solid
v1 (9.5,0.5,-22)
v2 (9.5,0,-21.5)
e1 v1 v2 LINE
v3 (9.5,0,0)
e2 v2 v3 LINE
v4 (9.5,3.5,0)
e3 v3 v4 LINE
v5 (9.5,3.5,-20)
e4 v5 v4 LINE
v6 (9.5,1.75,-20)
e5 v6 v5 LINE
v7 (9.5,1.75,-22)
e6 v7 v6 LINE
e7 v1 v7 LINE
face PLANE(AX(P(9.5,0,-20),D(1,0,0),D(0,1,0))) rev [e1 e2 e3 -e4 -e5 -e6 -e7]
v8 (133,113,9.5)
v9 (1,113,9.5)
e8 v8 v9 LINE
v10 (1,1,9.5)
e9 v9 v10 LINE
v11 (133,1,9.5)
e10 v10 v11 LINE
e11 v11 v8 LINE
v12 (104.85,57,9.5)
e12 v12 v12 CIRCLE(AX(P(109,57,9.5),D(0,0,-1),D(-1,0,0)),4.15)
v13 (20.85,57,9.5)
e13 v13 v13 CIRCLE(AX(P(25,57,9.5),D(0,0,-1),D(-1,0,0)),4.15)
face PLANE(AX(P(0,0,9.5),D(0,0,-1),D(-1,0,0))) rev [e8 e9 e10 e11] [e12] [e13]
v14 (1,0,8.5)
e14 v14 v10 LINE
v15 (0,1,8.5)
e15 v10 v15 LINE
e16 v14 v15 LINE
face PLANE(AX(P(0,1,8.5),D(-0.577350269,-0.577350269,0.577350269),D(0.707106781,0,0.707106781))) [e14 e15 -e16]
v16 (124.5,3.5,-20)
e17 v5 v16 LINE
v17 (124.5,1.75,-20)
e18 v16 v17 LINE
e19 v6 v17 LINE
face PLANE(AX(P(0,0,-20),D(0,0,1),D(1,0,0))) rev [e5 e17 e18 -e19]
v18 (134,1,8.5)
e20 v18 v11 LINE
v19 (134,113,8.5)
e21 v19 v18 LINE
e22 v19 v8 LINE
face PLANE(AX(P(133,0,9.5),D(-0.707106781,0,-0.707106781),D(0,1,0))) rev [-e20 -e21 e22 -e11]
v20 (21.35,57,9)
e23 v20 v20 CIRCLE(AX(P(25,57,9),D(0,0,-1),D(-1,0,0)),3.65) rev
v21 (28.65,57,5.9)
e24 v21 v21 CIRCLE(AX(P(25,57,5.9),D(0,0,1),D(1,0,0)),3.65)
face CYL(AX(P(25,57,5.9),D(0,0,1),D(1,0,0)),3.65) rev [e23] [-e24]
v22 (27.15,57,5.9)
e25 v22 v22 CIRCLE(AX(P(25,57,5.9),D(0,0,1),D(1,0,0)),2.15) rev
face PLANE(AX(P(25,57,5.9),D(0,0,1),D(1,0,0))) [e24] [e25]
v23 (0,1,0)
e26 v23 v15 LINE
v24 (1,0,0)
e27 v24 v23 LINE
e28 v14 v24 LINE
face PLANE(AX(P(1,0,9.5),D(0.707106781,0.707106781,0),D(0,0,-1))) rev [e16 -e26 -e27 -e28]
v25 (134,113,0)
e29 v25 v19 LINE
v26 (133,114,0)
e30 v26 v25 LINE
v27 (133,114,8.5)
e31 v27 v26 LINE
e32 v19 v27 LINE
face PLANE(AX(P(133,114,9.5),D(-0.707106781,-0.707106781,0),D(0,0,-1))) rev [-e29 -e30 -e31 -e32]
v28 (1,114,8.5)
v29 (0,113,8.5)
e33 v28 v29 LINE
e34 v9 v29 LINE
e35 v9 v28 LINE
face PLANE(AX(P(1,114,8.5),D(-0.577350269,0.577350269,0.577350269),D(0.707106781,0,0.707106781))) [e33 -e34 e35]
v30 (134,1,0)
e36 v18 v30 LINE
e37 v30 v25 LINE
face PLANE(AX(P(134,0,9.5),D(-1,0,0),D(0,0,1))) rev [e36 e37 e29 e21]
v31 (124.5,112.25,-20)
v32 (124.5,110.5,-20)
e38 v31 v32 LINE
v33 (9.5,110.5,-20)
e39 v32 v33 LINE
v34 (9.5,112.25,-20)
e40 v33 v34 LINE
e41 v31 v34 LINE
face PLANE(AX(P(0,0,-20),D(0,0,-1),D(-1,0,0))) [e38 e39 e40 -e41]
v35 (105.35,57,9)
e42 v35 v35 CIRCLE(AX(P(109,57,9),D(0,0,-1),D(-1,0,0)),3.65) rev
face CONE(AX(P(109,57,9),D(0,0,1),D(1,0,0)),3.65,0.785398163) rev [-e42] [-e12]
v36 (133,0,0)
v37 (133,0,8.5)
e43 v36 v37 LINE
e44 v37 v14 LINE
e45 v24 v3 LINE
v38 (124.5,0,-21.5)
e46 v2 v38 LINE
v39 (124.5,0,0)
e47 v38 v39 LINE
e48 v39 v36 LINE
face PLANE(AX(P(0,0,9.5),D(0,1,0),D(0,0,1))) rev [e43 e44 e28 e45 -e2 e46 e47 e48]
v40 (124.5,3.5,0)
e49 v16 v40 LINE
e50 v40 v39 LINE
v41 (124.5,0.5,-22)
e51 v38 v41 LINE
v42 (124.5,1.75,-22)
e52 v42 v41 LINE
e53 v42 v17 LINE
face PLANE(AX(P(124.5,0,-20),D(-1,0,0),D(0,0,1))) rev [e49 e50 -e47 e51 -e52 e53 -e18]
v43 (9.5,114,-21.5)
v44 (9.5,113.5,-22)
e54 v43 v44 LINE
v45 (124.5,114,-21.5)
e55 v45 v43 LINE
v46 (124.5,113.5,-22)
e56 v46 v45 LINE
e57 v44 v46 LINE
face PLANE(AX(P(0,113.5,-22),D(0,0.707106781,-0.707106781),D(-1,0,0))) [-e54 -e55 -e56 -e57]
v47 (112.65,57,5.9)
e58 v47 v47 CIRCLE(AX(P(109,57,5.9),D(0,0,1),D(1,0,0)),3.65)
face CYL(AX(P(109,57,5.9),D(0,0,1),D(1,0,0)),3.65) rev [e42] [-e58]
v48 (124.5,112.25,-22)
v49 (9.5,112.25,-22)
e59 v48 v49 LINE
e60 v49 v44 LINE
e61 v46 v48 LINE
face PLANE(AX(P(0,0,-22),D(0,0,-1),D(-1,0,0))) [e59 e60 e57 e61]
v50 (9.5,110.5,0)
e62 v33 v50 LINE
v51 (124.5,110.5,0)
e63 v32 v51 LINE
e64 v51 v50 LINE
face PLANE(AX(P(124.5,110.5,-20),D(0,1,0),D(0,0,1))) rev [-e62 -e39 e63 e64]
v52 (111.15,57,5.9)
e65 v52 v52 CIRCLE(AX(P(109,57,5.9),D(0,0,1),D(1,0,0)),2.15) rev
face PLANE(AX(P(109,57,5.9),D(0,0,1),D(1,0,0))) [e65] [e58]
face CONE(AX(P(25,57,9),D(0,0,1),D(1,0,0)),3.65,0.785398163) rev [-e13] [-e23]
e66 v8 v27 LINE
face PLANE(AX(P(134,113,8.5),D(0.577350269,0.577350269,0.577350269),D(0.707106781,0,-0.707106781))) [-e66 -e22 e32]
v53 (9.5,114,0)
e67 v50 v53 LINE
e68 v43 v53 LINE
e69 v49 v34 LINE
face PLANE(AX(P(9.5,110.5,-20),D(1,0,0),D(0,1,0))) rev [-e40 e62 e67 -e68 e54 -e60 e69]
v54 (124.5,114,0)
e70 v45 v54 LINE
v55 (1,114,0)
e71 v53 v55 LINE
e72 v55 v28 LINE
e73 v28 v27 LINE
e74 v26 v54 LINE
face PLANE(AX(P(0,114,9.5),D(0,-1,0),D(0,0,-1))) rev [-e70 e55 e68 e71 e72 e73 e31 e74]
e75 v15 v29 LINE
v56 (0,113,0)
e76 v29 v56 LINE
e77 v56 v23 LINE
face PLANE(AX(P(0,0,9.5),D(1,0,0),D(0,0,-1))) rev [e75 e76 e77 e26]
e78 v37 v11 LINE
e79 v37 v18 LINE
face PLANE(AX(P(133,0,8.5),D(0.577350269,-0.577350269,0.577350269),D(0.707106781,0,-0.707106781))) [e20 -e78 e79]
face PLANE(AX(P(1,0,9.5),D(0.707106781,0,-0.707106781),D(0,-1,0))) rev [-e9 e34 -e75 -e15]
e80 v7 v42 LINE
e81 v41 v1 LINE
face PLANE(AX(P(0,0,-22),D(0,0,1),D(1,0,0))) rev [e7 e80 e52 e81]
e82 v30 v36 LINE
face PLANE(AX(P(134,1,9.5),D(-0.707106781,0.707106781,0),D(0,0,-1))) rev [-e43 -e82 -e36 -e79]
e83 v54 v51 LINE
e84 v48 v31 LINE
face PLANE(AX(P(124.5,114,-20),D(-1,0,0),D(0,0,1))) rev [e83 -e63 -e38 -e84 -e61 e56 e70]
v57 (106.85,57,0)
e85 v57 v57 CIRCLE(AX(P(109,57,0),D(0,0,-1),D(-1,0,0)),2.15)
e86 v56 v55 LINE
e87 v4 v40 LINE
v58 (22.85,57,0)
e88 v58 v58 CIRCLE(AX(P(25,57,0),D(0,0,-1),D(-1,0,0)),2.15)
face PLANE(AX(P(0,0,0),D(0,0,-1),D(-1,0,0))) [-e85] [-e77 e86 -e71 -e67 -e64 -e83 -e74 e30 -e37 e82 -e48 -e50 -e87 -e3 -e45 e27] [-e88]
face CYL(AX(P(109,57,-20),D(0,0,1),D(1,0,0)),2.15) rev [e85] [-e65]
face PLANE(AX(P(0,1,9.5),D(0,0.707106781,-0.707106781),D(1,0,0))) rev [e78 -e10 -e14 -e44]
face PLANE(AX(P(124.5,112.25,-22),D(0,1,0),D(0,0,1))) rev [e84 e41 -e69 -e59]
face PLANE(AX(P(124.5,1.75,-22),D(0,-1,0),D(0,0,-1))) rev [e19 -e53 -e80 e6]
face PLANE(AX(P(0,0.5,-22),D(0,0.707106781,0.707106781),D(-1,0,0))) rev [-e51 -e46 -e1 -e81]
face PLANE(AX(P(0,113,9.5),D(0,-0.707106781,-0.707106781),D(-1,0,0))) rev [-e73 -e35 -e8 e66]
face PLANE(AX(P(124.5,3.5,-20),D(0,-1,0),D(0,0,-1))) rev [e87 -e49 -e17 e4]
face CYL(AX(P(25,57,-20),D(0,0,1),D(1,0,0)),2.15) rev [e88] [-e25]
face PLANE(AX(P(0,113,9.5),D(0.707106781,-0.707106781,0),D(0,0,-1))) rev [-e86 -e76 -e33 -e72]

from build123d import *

# Parameters (mm, degrees)
SKETCH1_W           = 134
SKETCH1_H           = 114
BOSS_EXTRUDE1_DEPTH = 9.5
SKETCH2_W           = 115
SKETCH2_H           = 3.5
BOSS_EXTRUDE2_DEPTH = 20
SKETCH3_R           = 2.15
CUT_EXTRUDE1_DEPTH  = 179.387919995
SKETCH4_R           = 3.65
CUT_EXTRUDE2_DEPTH  = 3.6
CHAMFER1_SIZE       = 1
CHAMFER4_SIZE       = 0.5
SKETCH5_W           = 115
SKETCH5_H           = 1.75
BOSS_EXTRUDE3_DEPTH = 2
CHAMFER5_SIZE       = 0.5


with BuildPart() as part:
    # Sketch1 → Boss-Extrude1 (new body)
    with BuildSketch(Plane.XY):
        with Locations((67, 57)):
            Rectangle(SKETCH1_W, SKETCH1_H)
    extrude(amount=BOSS_EXTRUDE1_DEPTH)

    # Sketch2 → Boss-Extrude2 (add)
    with BuildSketch(Plane(origin=(0, 0, 0), x_dir=(-1, 0, 0), z_dir=(0, 0, -1))):
        Polygon((-67, 114), (-124.5, 114), (-124.5, 110.5), (-9.5, 110.5), (-9.5, 114), align=None)
        with Locations((-67, 1.75)):
            Rectangle(SKETCH2_W, SKETCH2_H)
    extrude(amount=BOSS_EXTRUDE2_DEPTH)

    # Sketch3 → Cut-Extrude1 (cut, through all)
    with BuildSketch(Plane.XY.offset(9.5)):
        with Locations((25, 57)):
            Circle(SKETCH3_R)
        with Locations((109, 57)):
            Circle(SKETCH3_R)
    extrude(amount=-CUT_EXTRUDE1_DEPTH, mode=Mode.SUBTRACT)

    # Sketch4 → Cut-Extrude2 (cut)
    with BuildSketch(Plane.XY.offset(9.5)):
        with Locations((25, 57)):
            Circle(SKETCH4_R)
        with Locations((109, 57)):
            Circle(SKETCH4_R)
    extrude(amount=-CUT_EXTRUDE2_DEPTH, mode=Mode.SUBTRACT)

    # Chamfer1
    chamfer1_edges = [part.edges().sort_by_distance(p)[0] for p in [
        (134, 57, 9.5),
        (67, 114, 9.5),
        (0, 57, 9.5),
        (67, 0, 9.5),
        (0, 114, 4.75),
        (134, 114, 4.75),
        (134, 0, 4.75),
        (0, 0, 4.75),
    ]]
    chamfer(chamfer1_edges, length=CHAMFER1_SIZE)

    # Chamfer4
    chamfer4_edges = [part.edges().sort_by_distance(p)[0] for p in [
        (21.35, 57, 9.5),
        (105.35, 57, 9.5),
    ]]
    chamfer(chamfer4_edges, length=CHAMFER4_SIZE)

    # Sketch5 → Boss-Extrude3 (add)
    with BuildSketch(Plane(origin=(0, 0, -20), x_dir=(-1, 0, 0), z_dir=(0, 0, -1))):
        with Locations((-67, 113.125)):
            Rectangle(SKETCH5_W, SKETCH5_H)
        with Locations((-67, 0.875)):
            Rectangle(SKETCH5_W, SKETCH5_H)
    extrude(amount=BOSS_EXTRUDE3_DEPTH)

    # Chamfer5
    chamfer5_edges = [part.edges().sort_by_distance(p)[0] for p in [
        (67, 114, -22),
        (67, 0, -22),
    ]]
    chamfer(chamfer5_edges, length=CHAMFER5_SIZE)


solid = part.part
